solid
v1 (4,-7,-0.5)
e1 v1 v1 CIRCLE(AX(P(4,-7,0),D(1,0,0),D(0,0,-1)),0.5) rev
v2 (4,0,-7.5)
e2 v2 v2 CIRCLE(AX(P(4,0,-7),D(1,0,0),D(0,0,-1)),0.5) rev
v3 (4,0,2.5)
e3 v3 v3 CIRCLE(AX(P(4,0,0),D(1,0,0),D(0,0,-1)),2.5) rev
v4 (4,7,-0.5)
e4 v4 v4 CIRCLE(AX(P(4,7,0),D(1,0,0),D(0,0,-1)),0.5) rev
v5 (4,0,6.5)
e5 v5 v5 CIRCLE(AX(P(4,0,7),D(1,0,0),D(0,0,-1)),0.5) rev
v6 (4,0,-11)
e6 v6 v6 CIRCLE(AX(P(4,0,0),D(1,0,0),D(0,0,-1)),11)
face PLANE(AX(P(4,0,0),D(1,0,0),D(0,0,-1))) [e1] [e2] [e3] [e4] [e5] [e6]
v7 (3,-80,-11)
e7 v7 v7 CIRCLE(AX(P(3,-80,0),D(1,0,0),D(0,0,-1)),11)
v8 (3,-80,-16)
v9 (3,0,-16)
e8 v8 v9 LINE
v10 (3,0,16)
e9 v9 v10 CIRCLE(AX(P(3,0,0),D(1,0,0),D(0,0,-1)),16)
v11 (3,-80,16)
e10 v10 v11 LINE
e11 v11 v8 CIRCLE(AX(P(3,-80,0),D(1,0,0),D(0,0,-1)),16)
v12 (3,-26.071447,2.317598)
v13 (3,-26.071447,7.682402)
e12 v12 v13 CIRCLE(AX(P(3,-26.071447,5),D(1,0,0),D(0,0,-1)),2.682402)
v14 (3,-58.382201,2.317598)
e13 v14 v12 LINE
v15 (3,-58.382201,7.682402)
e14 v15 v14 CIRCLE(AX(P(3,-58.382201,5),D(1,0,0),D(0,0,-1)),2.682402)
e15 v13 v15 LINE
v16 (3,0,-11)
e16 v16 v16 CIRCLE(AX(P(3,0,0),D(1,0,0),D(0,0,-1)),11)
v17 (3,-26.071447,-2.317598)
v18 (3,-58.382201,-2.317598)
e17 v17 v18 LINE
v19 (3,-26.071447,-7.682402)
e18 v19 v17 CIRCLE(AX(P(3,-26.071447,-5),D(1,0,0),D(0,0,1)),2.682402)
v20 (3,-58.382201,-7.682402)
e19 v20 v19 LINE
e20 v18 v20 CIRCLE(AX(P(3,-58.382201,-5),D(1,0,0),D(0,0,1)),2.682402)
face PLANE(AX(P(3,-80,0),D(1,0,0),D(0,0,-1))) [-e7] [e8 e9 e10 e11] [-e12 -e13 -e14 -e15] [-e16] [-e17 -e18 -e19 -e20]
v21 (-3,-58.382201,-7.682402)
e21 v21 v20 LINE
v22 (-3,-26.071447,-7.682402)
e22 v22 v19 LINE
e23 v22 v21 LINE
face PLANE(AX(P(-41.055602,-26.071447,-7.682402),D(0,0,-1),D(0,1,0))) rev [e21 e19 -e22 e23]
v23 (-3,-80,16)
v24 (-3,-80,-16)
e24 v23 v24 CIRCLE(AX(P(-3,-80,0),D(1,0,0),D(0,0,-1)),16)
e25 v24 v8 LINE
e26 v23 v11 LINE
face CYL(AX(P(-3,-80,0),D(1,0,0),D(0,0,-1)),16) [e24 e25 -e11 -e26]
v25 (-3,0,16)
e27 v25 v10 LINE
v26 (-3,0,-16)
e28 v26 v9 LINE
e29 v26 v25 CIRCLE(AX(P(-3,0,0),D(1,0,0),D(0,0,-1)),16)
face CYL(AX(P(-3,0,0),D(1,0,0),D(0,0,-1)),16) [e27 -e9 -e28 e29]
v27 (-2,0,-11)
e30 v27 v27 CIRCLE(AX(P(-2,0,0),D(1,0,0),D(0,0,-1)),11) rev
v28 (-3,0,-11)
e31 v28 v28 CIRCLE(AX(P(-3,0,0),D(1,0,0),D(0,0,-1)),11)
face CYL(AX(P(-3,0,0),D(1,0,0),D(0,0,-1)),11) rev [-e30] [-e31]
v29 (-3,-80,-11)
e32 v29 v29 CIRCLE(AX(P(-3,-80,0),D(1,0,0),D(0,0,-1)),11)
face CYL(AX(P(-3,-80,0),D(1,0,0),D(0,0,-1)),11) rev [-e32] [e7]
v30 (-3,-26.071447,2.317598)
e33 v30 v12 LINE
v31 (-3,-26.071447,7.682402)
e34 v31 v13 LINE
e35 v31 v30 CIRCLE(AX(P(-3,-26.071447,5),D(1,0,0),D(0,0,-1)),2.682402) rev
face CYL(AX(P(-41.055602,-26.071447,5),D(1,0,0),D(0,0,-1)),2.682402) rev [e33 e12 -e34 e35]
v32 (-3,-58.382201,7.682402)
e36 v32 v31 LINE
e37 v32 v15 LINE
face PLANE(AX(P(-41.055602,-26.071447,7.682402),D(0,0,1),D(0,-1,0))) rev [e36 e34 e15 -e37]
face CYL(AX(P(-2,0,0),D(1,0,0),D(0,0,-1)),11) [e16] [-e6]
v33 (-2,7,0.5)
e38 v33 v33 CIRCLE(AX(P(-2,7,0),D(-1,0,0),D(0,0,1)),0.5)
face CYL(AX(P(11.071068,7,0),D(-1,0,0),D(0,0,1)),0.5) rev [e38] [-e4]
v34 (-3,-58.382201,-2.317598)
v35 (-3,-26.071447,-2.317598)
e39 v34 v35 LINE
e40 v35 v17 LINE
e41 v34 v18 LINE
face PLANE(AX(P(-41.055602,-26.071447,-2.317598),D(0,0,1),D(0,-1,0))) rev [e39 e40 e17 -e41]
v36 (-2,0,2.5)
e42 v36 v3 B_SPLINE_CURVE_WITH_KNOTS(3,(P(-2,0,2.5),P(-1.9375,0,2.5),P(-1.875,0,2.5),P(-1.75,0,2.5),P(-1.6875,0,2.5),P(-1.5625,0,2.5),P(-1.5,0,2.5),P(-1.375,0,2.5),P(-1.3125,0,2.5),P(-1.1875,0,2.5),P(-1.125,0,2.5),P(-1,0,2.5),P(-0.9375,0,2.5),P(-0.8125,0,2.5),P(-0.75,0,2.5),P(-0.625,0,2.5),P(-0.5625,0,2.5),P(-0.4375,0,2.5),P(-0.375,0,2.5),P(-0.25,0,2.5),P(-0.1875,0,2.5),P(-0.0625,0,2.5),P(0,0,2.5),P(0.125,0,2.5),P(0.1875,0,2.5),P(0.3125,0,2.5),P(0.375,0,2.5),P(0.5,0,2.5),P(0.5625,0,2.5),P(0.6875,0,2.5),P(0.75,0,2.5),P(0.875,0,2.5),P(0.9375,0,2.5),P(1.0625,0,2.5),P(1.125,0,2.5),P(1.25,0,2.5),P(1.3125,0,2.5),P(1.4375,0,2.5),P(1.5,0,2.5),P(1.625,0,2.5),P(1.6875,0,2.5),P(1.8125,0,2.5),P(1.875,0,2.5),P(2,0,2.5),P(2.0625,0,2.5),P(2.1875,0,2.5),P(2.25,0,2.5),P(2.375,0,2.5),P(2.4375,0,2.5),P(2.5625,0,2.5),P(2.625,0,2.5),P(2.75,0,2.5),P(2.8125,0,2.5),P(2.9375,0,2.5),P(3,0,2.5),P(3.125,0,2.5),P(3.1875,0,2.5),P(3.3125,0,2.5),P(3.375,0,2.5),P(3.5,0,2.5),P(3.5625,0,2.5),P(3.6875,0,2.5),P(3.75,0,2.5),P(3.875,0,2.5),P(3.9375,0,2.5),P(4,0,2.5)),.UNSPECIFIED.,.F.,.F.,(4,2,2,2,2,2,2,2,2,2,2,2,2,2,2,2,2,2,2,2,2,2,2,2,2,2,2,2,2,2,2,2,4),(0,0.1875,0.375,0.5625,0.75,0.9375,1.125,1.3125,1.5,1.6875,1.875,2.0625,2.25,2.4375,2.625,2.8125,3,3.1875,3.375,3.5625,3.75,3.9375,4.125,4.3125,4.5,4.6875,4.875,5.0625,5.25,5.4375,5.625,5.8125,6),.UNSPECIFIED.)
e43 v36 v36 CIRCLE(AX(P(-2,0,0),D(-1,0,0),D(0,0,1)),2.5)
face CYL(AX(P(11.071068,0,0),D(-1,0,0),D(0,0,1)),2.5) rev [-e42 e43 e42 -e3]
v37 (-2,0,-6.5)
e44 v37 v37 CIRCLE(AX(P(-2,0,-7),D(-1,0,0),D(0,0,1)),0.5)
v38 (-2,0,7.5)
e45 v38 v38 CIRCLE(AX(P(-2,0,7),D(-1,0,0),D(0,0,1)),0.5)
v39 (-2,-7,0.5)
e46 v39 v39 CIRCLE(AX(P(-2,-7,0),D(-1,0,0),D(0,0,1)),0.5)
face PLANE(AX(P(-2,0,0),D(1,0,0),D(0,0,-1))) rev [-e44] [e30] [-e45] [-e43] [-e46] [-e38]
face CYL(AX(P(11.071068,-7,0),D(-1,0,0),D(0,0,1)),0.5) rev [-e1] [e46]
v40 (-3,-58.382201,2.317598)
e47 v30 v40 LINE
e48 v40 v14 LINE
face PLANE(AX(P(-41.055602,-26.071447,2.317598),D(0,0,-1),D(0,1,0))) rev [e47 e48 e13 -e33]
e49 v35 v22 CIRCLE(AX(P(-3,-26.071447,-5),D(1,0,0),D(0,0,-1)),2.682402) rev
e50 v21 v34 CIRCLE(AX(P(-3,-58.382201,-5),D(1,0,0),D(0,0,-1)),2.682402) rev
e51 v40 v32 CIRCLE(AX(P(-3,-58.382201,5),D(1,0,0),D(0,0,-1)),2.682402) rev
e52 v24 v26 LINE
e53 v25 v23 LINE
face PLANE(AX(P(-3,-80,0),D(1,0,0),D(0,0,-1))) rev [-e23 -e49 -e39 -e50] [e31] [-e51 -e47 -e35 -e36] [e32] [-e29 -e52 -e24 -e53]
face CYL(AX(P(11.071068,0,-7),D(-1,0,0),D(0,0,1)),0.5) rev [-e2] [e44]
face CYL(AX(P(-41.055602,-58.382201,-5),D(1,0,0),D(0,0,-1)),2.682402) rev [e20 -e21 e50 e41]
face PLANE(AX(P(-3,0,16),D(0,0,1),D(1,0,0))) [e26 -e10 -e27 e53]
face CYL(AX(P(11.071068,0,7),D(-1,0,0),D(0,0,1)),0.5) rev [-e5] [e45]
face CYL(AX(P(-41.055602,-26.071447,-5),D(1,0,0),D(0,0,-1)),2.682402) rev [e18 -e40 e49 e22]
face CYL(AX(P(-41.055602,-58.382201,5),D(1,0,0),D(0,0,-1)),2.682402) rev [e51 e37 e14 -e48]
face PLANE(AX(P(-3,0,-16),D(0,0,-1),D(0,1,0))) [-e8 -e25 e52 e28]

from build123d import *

# Parameters (mm, degrees)
BOSS_EXTRUDE1_DEPTH      = 3
BOSS_EXTRUDE1_DEPTH_BACK = 3
SKETCH1_R                = 11
BOSS_EXTRUDE2_DEPTH      = 4
BOSS_EXTRUDE2_DEPTH_BACK = 2
SKETCH1_2_R              = 11
CUT_EXTRUDE1_DEPTH       = 6
SKETCH3_R                = 2.5
SKETCH3_R_2              = 0.5
CUT_EXTRUDE2_DEPTH       = 6


with BuildPart() as part:
    # Sketch1 → Boss-Extrude1 (new, two sides: drawn at the far end of the back side and taken through both)
    with BuildSketch(Plane(origin=(0, 0, 0), x_dir=(0, 0, -1), z_dir=(1, 0, 0)).offset(-BOSS_EXTRUDE1_DEPTH_BACK)):
        with BuildLine():
            Line((-16, 0), (-16, -80))
            ThreePointArc((-16, -80), (0, -96), (16, -80))
            Line((16, -80), (16, 0))
            ThreePointArc((16, 0), (0, 16), (-16, 0))
        make_face()
        Circle(SKETCH1_R, mode=Mode.SUBTRACT)
        with Locations((0, -80)):
            Circle(SKETCH1_R, mode=Mode.SUBTRACT)
    extrude(amount=BOSS_EXTRUDE1_DEPTH + BOSS_EXTRUDE1_DEPTH_BACK)

    # Sketch1<2> → Boss-Extrude2 (add, two sides: drawn at the far end of the back side and taken through both)
    with BuildSketch(Plane(origin=(0, 0, 0), x_dir=(0, 0, -1), z_dir=(1, 0, 0)).offset(-BOSS_EXTRUDE2_DEPTH_BACK)):
        Circle(SKETCH1_2_R)
    extrude(amount=BOSS_EXTRUDE2_DEPTH + BOSS_EXTRUDE2_DEPTH_BACK)

    # Sketch2 → Cut-Extrude1 (cut)
    with BuildSketch(Plane(origin=(3, 0, 0), x_dir=(0, 0, -1), z_dir=(1, 0, 0))):
        with BuildLine():
            Line((-2.317597737, -26.071446828), (-2.317597737, -58.382201359))
            ThreePointArc((-2.317597737, -58.382201359), (-5, -61.064603622), (-7.682402263, -58.382201359))
            Line((-7.682402263, -58.382201359), (-7.682402263, -26.071446828))
            ThreePointArc((-7.682402263, -26.071446828), (-5, -23.389044565), (-2.317597737, -26.071446828))
        make_face()
        with BuildLine():
            Line((2.317597737, -26.071446828), (2.317597737, -58.382201359))
            ThreePointArc((2.317597737, -58.382201359), (5, -61.064603622), (7.682402263, -58.382201359))
            Line((7.682402263, -58.382201359), (7.682402263, -26.071446828))
            ThreePointArc((7.682402263, -26.071446828), (5, -23.389044565), (2.317597737, -26.071446828))
        make_face()
    extrude(amount=-CUT_EXTRUDE1_DEPTH, mode=Mode.SUBTRACT)

    # Sketch3 → Cut-Extrude2 (cut)
    with BuildSketch(Plane.ZY.offset(2)):
        Circle(SKETCH3_R)
        with Locations((0, 7)):
            Circle(SKETCH3_R_2)
        with Locations((-7, 0)):
            Circle(SKETCH3_R_2)
        with Locations((7, 0)):
            Circle(SKETCH3_R_2)
        with Locations((0, -7)):
            Circle(SKETCH3_R_2)
    extrude(amount=-CUT_EXTRUDE2_DEPTH, mode=Mode.SUBTRACT)


solid = part.part
